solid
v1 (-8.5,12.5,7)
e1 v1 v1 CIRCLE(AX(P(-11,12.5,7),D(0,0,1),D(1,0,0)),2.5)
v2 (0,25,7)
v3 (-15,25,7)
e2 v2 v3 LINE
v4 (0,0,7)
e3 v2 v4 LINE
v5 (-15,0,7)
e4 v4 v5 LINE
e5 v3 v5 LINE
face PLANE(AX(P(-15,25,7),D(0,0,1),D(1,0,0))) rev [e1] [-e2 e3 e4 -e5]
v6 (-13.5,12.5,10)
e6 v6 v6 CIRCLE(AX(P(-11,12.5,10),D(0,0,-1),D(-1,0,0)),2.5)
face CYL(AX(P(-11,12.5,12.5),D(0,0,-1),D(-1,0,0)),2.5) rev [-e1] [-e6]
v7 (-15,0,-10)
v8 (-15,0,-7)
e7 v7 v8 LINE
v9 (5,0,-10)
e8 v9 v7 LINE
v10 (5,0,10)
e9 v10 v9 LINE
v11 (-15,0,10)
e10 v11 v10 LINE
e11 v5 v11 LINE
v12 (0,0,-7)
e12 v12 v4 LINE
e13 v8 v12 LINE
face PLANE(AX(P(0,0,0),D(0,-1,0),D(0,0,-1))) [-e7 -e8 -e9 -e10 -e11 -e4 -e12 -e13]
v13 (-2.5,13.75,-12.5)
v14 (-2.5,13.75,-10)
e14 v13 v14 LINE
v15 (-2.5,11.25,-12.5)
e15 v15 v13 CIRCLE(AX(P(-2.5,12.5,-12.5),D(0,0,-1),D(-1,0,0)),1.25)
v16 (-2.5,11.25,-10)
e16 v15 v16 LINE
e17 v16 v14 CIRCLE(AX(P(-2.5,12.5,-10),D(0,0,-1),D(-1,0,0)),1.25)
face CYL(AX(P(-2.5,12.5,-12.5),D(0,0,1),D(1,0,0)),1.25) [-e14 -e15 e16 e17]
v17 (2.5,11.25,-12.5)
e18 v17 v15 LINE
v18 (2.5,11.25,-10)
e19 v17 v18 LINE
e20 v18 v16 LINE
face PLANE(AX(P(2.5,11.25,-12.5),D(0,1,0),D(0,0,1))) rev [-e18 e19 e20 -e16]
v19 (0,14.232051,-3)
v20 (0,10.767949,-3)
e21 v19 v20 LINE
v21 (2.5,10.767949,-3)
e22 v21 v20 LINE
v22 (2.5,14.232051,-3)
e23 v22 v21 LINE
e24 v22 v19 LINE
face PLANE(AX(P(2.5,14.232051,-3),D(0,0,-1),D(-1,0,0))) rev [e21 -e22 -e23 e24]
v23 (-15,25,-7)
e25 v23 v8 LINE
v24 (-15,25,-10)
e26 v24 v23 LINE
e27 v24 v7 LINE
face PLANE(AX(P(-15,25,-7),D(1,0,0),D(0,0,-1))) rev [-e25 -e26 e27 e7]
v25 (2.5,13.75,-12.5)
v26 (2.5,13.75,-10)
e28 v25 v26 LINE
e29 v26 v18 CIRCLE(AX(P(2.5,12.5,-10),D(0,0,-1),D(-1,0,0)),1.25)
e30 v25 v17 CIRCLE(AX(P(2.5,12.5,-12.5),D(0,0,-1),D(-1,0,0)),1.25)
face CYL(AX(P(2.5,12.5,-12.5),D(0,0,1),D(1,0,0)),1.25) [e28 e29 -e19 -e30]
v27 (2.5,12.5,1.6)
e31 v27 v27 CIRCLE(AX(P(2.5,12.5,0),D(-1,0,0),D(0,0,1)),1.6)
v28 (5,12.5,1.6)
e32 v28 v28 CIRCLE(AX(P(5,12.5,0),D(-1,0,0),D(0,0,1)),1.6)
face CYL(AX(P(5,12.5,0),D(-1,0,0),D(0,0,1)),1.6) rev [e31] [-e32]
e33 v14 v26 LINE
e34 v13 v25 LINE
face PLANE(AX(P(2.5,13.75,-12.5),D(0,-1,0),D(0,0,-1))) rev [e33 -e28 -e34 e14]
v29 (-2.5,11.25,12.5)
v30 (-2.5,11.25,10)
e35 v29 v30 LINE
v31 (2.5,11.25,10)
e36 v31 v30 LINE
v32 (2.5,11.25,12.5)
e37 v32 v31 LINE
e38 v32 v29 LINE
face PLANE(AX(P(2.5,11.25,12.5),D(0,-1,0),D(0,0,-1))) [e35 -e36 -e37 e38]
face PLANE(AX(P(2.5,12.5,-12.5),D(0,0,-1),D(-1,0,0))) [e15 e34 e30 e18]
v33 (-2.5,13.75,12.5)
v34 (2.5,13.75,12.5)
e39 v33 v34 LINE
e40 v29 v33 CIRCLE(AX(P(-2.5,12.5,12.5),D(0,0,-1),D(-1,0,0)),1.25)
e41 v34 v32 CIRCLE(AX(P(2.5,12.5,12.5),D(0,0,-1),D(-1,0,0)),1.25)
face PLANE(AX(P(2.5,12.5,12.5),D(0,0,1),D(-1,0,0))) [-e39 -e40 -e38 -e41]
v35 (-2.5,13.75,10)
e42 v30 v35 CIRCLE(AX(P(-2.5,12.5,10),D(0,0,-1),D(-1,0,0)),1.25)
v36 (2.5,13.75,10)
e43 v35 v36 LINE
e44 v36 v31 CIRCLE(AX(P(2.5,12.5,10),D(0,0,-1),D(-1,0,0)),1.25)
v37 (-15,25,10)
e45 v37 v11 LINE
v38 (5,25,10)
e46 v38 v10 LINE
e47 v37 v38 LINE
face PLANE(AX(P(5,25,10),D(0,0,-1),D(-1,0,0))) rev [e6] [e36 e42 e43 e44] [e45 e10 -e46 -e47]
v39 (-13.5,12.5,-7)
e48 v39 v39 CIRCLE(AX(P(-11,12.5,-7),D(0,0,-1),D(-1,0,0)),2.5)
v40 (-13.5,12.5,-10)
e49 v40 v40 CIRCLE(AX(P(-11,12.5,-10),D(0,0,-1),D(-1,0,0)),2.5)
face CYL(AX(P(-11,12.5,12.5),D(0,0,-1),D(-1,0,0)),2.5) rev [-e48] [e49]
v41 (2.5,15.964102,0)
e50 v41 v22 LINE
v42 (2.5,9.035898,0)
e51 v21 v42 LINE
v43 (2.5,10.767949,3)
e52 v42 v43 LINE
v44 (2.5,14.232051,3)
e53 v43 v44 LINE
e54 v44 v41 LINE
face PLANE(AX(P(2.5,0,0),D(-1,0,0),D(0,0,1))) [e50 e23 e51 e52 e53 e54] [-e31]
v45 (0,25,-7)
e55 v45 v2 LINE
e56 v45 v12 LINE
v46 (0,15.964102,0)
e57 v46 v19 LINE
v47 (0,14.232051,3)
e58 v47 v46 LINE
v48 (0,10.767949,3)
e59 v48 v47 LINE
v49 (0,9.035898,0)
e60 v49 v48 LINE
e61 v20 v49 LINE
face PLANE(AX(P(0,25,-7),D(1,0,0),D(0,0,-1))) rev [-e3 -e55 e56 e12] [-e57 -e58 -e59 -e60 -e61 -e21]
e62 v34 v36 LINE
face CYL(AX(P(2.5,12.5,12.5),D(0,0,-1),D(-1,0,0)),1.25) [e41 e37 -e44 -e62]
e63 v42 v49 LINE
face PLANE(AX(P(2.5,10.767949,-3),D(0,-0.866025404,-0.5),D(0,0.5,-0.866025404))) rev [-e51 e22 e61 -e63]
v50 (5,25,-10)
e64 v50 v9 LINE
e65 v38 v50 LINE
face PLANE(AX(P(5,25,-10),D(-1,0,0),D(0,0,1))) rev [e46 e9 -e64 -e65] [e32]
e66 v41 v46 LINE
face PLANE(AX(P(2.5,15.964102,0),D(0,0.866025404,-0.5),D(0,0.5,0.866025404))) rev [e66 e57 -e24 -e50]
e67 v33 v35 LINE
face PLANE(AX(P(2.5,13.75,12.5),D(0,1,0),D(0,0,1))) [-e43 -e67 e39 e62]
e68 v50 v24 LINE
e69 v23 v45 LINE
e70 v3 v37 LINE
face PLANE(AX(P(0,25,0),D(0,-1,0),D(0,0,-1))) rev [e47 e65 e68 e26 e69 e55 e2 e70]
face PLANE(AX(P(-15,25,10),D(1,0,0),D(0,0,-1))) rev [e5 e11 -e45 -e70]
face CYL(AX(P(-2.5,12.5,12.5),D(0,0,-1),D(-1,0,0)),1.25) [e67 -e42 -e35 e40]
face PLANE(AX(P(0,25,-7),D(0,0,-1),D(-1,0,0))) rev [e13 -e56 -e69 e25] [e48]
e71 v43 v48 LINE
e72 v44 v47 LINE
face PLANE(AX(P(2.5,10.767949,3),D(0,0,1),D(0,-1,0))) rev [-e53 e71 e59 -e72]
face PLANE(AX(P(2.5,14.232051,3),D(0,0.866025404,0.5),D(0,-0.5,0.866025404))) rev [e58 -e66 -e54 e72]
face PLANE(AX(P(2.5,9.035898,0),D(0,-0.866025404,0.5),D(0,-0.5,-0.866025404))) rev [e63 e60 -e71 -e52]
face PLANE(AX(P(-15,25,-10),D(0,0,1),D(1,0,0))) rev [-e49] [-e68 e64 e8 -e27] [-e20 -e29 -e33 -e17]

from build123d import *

# Parameters (mm, degrees)
EXTRUDE_1_DEPTH     = 25
CUT_EXTRUDE_1_DEPTH = 2.5
SKETCH_3_R          = 1.6
CUT_EXTRUDE_2_DEPTH = 2.5
EXTRUDE_2_DEPTH     = 2.5
SKETCH_5_R          = 2.5
CUT_EXTRUDE_3_DEPTH = 37.827299657


with BuildPart() as part:
    # Эскиз1 → Бобышка-Вытянуть1 (new body)
    with BuildSketch(Plane(origin=(0, 0, 0), x_dir=(1, 0, 0), z_dir=(0, 1, 0))):
        Polygon((0, 7), (0, -7), (-15, -7), (-15, -10), (5, -10), (5, 10), (-15, 10), (-15, 7), align=None)
    extrude(amount=EXTRUDE_1_DEPTH)

    # Эскиз2 → Вырез-Вытянуть1 (cut)
    with BuildSketch(Plane.ZY):
        Polygon((3, 14.232050808), (0, 15.964101615), (-3, 14.232050808), (-3, 10.767949192), (0, 9.035898385), (3, 10.767949192), align=None)
    extrude(amount=-CUT_EXTRUDE_1_DEPTH, mode=Mode.SUBTRACT)

    # Эскиз3 → Вырез-Вытянуть2 (cut)
    with BuildSketch(Plane.ZY.offset(-2.5)):
        with Locations((0, 12.5)):
            Circle(SKETCH_3_R)
    extrude(amount=-CUT_EXTRUDE_2_DEPTH, mode=Mode.SUBTRACT)

    # Эскиз4 → Бобышка-Вытянуть2 (add)
    with BuildSketch(Plane(origin=(0, 0, -10), x_dir=(-1, 0, 0), z_dir=(0, 0, -1))):
        with BuildLine():
            Line((-2.5, 13.75), (2.5, 13.75))
            ThreePointArc((2.5, 13.75), (3.75, 12.5), (2.5, 11.25))
            Line((2.5, 11.25), (-2.5, 11.25))
            ThreePointArc((-2.5, 11.25), (-3.75, 12.5), (-2.5, 13.75))
        make_face()
    extrude_2 = extrude(amount=EXTRUDE_2_DEPTH)

    # Зеркальное отражение1: Бобышка-Вытянуть2 across plane
    add(extrude_2.mirror(Plane(origin=(0, 0, 0), x_dir=(1, 0, 0), z_dir=(0, 0, -1))))

    # Эскиз5 → Вырез-Вытянуть3 (cut, through all)
    with BuildSketch(Plane(origin=(0, 0, -10), x_dir=(-1, 0, 0), z_dir=(0, 0, -1))):
        with Locations((11, 12.5)):
            Circle(SKETCH_5_R)
    extrude(amount=-CUT_EXTRUDE_3_DEPTH, mode=Mode.SUBTRACT)


solid = part.part
